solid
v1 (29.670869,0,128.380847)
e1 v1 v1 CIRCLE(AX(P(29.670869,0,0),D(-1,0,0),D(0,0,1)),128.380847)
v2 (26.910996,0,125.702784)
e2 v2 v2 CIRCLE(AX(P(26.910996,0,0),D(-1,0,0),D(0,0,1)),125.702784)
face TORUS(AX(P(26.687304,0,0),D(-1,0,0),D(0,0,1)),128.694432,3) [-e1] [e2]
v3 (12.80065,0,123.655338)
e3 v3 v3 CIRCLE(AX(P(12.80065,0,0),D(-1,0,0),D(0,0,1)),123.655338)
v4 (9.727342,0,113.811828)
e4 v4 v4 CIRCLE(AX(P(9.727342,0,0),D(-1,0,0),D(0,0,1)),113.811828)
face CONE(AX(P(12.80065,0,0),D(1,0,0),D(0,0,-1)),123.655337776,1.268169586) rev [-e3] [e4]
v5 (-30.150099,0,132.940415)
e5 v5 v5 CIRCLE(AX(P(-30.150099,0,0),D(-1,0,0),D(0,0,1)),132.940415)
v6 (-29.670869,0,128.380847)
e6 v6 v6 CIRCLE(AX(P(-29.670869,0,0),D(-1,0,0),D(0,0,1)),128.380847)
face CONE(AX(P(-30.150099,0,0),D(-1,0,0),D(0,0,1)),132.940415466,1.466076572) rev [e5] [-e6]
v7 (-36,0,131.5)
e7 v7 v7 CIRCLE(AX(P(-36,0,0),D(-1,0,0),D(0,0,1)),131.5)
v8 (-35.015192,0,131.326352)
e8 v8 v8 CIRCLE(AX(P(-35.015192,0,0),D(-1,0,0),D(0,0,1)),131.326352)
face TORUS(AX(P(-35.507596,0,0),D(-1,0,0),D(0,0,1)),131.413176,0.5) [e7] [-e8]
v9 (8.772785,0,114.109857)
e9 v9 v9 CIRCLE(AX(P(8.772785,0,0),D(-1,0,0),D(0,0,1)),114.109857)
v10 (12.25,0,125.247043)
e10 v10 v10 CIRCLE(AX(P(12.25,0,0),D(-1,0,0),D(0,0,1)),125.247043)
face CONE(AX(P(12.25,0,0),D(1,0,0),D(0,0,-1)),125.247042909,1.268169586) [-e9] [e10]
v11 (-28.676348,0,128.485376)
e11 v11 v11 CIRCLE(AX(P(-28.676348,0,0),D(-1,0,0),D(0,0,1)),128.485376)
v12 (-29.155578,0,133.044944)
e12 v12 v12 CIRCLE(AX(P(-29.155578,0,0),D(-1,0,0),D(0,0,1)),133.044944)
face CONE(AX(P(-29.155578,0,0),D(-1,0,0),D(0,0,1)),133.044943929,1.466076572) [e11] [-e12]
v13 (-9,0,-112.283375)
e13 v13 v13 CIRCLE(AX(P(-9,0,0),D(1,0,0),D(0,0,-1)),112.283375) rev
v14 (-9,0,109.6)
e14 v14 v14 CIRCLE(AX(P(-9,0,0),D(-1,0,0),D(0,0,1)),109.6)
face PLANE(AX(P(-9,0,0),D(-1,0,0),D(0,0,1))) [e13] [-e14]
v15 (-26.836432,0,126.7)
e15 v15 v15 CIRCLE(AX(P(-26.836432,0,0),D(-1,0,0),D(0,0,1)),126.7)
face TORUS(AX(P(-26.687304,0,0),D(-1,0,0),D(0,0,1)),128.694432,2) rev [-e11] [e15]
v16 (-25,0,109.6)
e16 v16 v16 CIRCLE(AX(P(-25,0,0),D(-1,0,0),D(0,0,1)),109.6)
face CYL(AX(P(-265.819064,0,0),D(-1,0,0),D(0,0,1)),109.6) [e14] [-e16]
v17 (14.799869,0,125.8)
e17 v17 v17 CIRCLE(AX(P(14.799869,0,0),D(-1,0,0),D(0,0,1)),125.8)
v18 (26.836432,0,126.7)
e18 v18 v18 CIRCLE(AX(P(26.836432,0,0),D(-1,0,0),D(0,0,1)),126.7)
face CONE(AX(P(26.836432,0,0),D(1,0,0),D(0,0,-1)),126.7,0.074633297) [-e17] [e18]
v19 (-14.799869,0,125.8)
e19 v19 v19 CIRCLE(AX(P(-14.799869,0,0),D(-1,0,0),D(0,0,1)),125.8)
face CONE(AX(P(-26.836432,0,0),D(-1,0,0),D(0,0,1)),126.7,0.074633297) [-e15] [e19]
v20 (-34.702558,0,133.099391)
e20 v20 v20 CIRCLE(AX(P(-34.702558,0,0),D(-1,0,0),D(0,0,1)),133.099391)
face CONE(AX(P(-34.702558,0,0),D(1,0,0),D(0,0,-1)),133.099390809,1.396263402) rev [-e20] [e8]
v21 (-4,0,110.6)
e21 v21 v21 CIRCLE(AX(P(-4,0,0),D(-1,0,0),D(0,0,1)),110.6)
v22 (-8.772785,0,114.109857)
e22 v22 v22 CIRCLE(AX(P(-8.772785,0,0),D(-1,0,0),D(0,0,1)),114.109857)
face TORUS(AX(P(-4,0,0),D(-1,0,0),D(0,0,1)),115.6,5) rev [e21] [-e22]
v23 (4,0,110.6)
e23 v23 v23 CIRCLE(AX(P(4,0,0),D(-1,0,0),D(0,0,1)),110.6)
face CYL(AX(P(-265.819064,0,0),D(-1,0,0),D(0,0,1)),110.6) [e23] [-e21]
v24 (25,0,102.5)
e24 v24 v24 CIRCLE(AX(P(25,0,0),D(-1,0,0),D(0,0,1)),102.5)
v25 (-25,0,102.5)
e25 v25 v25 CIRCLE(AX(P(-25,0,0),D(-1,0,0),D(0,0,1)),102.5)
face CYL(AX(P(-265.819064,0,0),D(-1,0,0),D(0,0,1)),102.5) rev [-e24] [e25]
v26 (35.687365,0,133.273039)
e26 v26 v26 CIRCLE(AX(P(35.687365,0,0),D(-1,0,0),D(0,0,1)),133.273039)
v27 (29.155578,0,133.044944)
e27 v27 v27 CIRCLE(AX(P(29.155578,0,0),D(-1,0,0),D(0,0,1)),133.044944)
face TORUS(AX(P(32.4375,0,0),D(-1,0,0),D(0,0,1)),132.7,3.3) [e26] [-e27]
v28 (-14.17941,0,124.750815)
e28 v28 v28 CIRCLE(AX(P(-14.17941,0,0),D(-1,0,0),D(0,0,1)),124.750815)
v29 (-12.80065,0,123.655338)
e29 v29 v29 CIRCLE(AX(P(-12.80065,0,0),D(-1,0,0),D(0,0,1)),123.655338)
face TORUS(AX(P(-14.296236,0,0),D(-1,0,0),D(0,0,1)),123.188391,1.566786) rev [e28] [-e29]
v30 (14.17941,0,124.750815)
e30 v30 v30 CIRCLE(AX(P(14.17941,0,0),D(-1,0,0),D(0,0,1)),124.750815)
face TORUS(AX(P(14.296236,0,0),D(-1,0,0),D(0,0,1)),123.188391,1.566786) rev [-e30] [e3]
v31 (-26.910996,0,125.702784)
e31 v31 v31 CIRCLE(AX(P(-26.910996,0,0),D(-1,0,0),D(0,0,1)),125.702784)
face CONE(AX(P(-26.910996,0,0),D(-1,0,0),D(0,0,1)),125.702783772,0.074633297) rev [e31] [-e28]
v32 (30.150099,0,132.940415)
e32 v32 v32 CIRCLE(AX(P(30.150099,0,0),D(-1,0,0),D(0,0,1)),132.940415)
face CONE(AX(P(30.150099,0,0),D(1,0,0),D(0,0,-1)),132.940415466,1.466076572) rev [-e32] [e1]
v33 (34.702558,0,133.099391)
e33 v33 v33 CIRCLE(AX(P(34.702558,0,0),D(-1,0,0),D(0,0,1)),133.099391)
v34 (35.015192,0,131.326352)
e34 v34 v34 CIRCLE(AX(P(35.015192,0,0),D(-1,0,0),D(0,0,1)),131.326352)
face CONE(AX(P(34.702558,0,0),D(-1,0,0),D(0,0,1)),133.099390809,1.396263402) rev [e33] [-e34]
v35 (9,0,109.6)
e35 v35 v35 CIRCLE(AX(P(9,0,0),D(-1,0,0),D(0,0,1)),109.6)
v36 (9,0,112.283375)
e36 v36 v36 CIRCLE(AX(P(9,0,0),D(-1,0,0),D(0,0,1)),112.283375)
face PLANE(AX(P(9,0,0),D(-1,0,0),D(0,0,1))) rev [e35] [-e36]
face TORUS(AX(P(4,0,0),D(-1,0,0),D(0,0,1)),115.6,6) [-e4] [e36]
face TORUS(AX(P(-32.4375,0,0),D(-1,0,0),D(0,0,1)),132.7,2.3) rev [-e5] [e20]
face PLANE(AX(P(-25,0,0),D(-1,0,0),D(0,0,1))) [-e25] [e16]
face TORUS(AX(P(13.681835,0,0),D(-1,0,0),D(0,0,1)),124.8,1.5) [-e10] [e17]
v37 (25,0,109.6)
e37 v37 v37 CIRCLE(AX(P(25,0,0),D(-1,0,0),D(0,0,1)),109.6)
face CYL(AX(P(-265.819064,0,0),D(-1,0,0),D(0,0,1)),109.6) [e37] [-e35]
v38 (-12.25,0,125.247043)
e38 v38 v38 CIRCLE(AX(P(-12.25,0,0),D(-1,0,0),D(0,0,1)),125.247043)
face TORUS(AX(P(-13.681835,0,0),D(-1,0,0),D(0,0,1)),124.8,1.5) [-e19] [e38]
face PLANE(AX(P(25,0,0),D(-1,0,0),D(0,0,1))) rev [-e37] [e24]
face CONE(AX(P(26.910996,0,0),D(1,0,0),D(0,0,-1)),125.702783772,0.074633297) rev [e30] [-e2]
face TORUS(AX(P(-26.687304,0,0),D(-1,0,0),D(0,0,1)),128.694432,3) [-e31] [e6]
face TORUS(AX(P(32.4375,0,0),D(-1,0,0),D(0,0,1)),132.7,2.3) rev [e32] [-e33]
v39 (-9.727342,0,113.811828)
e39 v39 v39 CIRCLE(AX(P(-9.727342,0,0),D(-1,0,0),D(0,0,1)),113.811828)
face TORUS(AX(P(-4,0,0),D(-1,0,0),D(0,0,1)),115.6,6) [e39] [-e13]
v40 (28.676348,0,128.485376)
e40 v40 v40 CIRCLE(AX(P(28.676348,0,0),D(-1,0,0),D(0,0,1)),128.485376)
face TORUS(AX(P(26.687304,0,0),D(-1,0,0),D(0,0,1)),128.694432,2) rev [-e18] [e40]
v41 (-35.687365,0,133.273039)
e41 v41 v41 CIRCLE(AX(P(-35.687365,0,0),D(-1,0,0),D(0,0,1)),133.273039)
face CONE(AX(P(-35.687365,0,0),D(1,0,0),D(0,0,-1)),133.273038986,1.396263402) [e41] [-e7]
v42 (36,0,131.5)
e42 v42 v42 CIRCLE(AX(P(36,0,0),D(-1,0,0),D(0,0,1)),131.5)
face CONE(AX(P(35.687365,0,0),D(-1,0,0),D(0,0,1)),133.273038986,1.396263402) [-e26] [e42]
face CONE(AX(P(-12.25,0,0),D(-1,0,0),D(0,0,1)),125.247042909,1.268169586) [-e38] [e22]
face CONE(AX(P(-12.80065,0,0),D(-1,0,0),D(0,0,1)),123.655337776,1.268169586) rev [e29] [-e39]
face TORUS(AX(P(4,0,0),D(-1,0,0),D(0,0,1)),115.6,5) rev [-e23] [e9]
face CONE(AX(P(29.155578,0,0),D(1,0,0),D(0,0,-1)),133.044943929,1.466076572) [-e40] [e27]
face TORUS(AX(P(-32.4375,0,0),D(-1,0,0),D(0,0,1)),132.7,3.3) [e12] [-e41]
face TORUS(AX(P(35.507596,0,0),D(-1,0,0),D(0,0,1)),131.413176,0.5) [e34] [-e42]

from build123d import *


with BuildPart() as part:
    # Sketch1 → Revolve1 (revolve)
    with BuildSketch(Plane.XY):
        with BuildLine():
            ThreePointArc((-4, 109.6), (-6.837274331, 110.313235926), (-9, 112.28337521))
            Line((-9, 112.28337521), (-9, 109.6))
            Line((-9, 109.6), (-25, 109.6))
            Line((-25, 109.6), (-25, 102.5))
            Line((-25, 102.5), (25, 102.5))
            Line((25, 102.5), (25, 109.6))
            Line((25, 109.6), (9, 109.6))
            Line((9, 109.6), (9, 112.28337521))
            ThreePointArc((9, 112.28337521), (6.837274331, 110.313235926), (4, 109.6))
            Line((4, 109.6), (-4, 109.6))
        make_face()
    revolve(axis=Axis((-265.819064473, 0, 0), (1, 0, 0)))

    # Sketch1<4> → Revolve2 (revolve)
    with BuildSketch(Plane.XY):
        with BuildLine():
            ThreePointArc((-29.155577549, 133.044943929), (-32.322331465, 135.997989729), (-35.687365389, 133.273038986))
            Line((-35.687365389, 133.273038986), (-36, 131.5))
            ThreePointArc((-36, 131.5), (-35.594420212, 130.920772035), (-35.015192247, 131.326351822))
            Line((-35.015192247, 131.326351822), (-34.702557636, 133.099390809))
            ThreePointArc((-34.702557636, 133.099390809), (-32.357230962, 134.998598902), (-30.150099445, 132.940415466))
            Line((-30.150099445, 132.940415466), (-29.670869495, 128.380847066))
            ThreePointArc((-29.670869495, 128.380847066), (-28.776473826, 126.54144183), (-26.910995899, 125.702783772))
            Line((-26.910995899, 125.702783772), (-14.179410402, 124.750815386))
            ThreePointArc((-14.179410402, 124.750815386), (-13.32156382, 124.415106961), (-12.800649539, 123.655337776))
            Line((-12.800649539, 123.655337776), (-9.727341635, 113.811828365))
            ThreePointArc((-9.727341635, 113.811828365), (-7.554642752, 110.766314563), (-4, 109.6))
            Line((-4, 109.6), (4, 109.6))
            ThreePointArc((4, 109.6), (7.554642752, 110.766314563), (9.727341635, 113.811828365))
            Line((9.727341635, 113.811828365), (12.800649539, 123.655337776))
            ThreePointArc((12.800649539, 123.655337776), (13.32156382, 124.415106961), (14.179410402, 124.750815386))
            Line((14.179410402, 124.750815386), (26.910995899, 125.702783772))
            ThreePointArc((26.910995899, 125.702783772), (28.776473826, 126.54144183), (29.670869495, 128.380847066))
            Line((29.670869495, 128.380847066), (30.150099445, 132.940415466))
            ThreePointArc((30.150099445, 132.940415466), (32.357230962, 134.998598902), (34.702557636, 133.099390809))
            Line((34.702557636, 133.099390809), (35.015192247, 131.326351822))
            ThreePointArc((35.015192247, 131.326351822), (35.594420212, 130.920772035), (36, 131.5))
            Line((36, 131.5), (35.687365389, 133.273038986))
            ThreePointArc((35.687365389, 133.273038986), (32.322331465, 135.997989729), (29.155577549, 133.044943929))
            Line((29.155577549, 133.044943929), (28.676347599, 128.48537553))
            ThreePointArc((28.676347599, 128.48537553), (28.08008382, 127.259105372), (26.836431869, 126.7))
            Line((26.836431869, 126.7), (14.799869398, 125.8))
            ThreePointArc((14.799869398, 125.8), (13.363938855, 126.265926936), (12.25, 125.247042909))
            Line((12.25, 125.247042909), (8.772784696, 114.109856971))
            ThreePointArc((8.772784696, 114.109856971), (6.962202293, 111.571928802), (4, 110.6))
            Line((4, 110.6), (-4, 110.6))
            ThreePointArc((-4, 110.6), (-6.962202293, 111.571928802), (-8.772784696, 114.109856971))
            Line((-8.772784696, 114.109856971), (-12.25, 125.247042909))
            ThreePointArc((-12.25, 125.247042909), (-13.363938855, 126.265926936), (-14.799869398, 125.8))
            Line((-14.799869398, 125.8), (-26.836431869, 126.7))
            ThreePointArc((-26.836431869, 126.7), (-28.08008382, 127.259105372), (-28.676347599, 128.48537553))
            Line((-28.676347599, 128.48537553), (-29.155577549, 133.044943929))
        make_face()
    revolve(axis=Axis((-265.819064473, 0, 0), (1, 0, 0)))


solid = part.part
